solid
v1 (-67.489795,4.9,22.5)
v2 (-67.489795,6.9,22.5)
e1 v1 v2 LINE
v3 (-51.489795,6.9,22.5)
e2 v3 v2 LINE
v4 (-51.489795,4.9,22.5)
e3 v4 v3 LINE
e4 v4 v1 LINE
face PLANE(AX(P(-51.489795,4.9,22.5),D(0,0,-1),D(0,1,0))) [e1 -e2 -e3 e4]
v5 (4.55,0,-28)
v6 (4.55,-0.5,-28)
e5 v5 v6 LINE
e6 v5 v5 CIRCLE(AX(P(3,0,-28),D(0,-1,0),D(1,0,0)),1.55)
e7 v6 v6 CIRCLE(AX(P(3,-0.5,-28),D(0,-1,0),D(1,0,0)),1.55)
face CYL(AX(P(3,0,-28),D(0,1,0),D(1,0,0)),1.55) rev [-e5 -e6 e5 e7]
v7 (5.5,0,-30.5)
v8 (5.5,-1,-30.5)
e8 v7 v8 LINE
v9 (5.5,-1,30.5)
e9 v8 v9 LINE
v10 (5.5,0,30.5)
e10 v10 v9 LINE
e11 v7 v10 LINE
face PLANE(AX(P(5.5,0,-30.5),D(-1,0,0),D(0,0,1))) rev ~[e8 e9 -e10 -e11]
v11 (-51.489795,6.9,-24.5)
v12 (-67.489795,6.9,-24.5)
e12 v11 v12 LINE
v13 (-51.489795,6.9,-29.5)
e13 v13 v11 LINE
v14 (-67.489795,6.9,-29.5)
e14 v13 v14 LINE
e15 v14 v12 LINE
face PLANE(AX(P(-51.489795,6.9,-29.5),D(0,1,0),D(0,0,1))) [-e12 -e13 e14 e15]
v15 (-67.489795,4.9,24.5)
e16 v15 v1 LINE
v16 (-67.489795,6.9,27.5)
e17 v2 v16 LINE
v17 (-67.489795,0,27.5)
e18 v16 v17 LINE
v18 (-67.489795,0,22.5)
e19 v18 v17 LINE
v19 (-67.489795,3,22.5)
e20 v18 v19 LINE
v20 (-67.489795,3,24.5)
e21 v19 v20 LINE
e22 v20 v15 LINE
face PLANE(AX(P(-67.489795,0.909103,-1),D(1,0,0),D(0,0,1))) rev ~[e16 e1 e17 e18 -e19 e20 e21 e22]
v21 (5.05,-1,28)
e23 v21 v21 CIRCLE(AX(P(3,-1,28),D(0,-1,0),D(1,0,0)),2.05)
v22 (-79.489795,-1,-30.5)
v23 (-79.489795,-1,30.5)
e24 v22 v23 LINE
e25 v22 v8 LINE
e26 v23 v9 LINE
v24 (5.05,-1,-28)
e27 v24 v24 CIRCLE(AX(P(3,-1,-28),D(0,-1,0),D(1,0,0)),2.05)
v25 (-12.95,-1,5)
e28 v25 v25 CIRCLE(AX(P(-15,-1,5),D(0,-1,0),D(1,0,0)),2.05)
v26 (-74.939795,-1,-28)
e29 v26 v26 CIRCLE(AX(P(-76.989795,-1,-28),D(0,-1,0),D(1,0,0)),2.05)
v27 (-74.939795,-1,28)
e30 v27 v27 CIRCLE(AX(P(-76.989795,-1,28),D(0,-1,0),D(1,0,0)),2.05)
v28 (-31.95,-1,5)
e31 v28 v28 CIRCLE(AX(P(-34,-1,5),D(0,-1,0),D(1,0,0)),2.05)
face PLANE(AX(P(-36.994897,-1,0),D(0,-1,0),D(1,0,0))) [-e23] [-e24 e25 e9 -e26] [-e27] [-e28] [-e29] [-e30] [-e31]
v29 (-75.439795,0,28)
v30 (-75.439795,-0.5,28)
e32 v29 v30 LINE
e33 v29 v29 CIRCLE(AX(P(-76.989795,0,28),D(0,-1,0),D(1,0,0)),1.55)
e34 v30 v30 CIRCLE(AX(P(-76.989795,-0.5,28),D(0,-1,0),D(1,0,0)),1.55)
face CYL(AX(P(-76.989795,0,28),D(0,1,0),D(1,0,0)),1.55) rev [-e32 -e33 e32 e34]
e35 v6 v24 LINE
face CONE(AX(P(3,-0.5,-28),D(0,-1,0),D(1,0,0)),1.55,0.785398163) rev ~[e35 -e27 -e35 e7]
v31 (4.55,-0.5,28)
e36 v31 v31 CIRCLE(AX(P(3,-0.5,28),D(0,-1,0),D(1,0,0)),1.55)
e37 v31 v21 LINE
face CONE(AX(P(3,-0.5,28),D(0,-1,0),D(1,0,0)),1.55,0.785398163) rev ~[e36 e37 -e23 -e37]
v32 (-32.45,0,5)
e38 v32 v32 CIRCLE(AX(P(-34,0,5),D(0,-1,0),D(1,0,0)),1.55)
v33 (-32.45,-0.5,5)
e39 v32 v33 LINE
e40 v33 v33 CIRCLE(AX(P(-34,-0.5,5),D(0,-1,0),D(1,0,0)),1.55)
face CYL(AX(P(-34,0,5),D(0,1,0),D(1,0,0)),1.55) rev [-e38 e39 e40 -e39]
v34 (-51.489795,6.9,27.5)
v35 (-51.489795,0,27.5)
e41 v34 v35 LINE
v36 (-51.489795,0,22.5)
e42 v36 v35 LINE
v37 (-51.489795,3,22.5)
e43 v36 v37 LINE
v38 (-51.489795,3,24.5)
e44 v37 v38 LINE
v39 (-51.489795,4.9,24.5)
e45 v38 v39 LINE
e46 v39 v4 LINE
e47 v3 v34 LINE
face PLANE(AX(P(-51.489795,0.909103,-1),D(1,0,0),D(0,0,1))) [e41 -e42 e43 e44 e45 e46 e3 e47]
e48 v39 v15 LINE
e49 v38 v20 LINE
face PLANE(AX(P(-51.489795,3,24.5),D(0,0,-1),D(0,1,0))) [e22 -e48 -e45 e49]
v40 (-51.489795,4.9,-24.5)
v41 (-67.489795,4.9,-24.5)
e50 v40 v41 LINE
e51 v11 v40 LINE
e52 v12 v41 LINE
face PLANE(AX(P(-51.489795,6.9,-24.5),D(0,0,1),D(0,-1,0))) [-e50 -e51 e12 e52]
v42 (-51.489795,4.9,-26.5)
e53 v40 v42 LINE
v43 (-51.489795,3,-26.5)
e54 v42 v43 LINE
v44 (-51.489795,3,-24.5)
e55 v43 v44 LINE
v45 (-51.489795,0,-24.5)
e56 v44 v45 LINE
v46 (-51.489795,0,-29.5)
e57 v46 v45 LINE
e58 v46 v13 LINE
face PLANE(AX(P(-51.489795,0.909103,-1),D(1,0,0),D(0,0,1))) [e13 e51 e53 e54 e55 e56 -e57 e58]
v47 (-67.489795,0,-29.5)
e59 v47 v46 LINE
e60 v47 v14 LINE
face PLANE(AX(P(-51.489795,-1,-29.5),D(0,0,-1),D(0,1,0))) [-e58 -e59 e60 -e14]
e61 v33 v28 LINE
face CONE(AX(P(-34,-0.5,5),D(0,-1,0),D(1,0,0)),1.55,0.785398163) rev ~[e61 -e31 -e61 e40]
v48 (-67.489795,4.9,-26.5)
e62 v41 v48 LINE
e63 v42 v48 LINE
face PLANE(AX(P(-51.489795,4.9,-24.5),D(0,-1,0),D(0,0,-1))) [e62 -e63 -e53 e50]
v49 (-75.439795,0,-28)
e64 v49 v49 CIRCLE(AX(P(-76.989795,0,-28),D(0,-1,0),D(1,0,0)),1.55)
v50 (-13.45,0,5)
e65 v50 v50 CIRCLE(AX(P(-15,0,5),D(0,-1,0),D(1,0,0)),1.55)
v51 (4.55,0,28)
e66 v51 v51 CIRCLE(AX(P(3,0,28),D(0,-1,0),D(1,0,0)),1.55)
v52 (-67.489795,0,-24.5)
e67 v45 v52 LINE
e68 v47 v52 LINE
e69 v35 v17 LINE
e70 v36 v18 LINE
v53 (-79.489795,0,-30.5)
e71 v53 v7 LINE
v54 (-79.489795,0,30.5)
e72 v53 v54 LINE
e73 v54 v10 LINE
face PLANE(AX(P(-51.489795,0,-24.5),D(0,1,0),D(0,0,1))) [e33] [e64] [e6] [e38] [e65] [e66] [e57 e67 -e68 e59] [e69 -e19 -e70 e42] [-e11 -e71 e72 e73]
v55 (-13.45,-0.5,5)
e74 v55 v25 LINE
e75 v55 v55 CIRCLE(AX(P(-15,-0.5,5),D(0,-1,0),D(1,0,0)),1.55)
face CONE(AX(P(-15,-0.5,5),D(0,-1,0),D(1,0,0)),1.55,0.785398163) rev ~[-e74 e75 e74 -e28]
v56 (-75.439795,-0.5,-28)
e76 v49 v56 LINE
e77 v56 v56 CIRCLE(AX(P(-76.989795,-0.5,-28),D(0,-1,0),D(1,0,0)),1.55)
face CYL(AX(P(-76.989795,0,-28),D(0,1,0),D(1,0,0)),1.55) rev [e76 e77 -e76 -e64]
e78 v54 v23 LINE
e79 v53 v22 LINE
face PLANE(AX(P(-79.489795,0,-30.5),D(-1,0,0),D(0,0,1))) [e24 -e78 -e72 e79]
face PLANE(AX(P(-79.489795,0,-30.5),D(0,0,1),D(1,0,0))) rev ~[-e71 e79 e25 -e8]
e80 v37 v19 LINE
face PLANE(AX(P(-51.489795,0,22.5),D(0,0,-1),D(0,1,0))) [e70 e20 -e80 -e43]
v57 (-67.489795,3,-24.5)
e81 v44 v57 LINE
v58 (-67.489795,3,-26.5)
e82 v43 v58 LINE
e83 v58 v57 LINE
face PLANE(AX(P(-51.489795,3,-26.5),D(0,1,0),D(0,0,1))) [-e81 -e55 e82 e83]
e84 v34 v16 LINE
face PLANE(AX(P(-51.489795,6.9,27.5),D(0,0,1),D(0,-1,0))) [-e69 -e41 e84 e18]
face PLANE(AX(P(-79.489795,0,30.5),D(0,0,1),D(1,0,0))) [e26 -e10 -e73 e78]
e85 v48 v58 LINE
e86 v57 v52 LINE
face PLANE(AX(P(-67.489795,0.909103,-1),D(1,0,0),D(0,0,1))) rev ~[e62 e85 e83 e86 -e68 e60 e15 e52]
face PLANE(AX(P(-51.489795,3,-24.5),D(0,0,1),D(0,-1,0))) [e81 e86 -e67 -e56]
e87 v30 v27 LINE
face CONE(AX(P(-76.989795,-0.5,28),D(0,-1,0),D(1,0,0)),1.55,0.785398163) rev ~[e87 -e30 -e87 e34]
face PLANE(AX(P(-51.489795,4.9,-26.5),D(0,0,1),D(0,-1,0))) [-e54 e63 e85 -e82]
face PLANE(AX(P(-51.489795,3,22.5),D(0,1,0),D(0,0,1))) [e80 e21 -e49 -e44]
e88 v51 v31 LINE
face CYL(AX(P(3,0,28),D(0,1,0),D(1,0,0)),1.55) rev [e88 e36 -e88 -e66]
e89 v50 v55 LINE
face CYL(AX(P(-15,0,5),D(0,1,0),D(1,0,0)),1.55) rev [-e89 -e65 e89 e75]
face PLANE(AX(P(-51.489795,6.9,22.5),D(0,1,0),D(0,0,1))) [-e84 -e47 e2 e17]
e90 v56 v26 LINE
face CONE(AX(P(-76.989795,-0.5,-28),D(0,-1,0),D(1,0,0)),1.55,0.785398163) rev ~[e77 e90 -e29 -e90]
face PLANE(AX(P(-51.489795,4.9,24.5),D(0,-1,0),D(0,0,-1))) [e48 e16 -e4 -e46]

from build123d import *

# Parameters (mm, degrees)
SKETCH009_W  = 84.9897948557
SKETCH009_H  = 61
SKETCH009_R  = 1.55
PAD005_DEPTH = 1
CHAMFER_SIZE = 0.5
PAD007_DEPTH = 16


with BuildPart() as part:
    # Sketch009 → Pad005 (new body)
    with BuildSketch(Plane.XZ):
        with Locations((-36.9948974278, 0)):
            Rectangle(SKETCH009_W, SKETCH009_H)
        with Locations((3, -28)):
            Circle(SKETCH009_R, mode=Mode.SUBTRACT)
        with Locations((3, 28)):
            Circle(SKETCH009_R, mode=Mode.SUBTRACT)
        with Locations((-76.9897948557, 28)):
            Circle(SKETCH009_R, mode=Mode.SUBTRACT)
        with Locations((-76.9897948557, -28)):
            Circle(SKETCH009_R, mode=Mode.SUBTRACT)
        with Locations((-15, 5)):
            Circle(SKETCH009_R, mode=Mode.SUBTRACT)
        with Locations((-34, 5)):
            Circle(SKETCH009_R, mode=Mode.SUBTRACT)
    extrude(amount=PAD005_DEPTH)

    # Chamfer
    chamfer_edges = [part.edges().sort_by_distance(p)[0] for p in [
        (-78.539795, -1, -28),
        (-16.55, -1, 5),
        (1.45, -1, 28),
        (1.45, -1, -28),
        (-78.539795, -1, 28),
        (-35.55, -1, 5),
    ]]
    chamfer(chamfer_edges, length=CHAMFER_SIZE)

    # Sketch011 (on DatumPlane) → Pad007 (join)
    with BuildSketch(Plane(origin=(-51.4897948557, 0, 0), x_dir=(0, 0, -1), z_dir=(-1, 0, 0))):
        Polygon((-27.5, 1), (29.5, 1), (29.5, -6.9), (24.5, -6.9), (24.5, -4.9), (26.5, -4.9), (26.5, -3), (24.5, -3), (24.5, 0), (-22.5, 0), (-22.5, -3), (-24.5, -3), (-24.5, -4.9), (-22.5, -4.9), (-22.5, -6.9), (-27.5, -6.9), align=None)
    extrude(amount=PAD007_DEPTH)


solid = part.part
